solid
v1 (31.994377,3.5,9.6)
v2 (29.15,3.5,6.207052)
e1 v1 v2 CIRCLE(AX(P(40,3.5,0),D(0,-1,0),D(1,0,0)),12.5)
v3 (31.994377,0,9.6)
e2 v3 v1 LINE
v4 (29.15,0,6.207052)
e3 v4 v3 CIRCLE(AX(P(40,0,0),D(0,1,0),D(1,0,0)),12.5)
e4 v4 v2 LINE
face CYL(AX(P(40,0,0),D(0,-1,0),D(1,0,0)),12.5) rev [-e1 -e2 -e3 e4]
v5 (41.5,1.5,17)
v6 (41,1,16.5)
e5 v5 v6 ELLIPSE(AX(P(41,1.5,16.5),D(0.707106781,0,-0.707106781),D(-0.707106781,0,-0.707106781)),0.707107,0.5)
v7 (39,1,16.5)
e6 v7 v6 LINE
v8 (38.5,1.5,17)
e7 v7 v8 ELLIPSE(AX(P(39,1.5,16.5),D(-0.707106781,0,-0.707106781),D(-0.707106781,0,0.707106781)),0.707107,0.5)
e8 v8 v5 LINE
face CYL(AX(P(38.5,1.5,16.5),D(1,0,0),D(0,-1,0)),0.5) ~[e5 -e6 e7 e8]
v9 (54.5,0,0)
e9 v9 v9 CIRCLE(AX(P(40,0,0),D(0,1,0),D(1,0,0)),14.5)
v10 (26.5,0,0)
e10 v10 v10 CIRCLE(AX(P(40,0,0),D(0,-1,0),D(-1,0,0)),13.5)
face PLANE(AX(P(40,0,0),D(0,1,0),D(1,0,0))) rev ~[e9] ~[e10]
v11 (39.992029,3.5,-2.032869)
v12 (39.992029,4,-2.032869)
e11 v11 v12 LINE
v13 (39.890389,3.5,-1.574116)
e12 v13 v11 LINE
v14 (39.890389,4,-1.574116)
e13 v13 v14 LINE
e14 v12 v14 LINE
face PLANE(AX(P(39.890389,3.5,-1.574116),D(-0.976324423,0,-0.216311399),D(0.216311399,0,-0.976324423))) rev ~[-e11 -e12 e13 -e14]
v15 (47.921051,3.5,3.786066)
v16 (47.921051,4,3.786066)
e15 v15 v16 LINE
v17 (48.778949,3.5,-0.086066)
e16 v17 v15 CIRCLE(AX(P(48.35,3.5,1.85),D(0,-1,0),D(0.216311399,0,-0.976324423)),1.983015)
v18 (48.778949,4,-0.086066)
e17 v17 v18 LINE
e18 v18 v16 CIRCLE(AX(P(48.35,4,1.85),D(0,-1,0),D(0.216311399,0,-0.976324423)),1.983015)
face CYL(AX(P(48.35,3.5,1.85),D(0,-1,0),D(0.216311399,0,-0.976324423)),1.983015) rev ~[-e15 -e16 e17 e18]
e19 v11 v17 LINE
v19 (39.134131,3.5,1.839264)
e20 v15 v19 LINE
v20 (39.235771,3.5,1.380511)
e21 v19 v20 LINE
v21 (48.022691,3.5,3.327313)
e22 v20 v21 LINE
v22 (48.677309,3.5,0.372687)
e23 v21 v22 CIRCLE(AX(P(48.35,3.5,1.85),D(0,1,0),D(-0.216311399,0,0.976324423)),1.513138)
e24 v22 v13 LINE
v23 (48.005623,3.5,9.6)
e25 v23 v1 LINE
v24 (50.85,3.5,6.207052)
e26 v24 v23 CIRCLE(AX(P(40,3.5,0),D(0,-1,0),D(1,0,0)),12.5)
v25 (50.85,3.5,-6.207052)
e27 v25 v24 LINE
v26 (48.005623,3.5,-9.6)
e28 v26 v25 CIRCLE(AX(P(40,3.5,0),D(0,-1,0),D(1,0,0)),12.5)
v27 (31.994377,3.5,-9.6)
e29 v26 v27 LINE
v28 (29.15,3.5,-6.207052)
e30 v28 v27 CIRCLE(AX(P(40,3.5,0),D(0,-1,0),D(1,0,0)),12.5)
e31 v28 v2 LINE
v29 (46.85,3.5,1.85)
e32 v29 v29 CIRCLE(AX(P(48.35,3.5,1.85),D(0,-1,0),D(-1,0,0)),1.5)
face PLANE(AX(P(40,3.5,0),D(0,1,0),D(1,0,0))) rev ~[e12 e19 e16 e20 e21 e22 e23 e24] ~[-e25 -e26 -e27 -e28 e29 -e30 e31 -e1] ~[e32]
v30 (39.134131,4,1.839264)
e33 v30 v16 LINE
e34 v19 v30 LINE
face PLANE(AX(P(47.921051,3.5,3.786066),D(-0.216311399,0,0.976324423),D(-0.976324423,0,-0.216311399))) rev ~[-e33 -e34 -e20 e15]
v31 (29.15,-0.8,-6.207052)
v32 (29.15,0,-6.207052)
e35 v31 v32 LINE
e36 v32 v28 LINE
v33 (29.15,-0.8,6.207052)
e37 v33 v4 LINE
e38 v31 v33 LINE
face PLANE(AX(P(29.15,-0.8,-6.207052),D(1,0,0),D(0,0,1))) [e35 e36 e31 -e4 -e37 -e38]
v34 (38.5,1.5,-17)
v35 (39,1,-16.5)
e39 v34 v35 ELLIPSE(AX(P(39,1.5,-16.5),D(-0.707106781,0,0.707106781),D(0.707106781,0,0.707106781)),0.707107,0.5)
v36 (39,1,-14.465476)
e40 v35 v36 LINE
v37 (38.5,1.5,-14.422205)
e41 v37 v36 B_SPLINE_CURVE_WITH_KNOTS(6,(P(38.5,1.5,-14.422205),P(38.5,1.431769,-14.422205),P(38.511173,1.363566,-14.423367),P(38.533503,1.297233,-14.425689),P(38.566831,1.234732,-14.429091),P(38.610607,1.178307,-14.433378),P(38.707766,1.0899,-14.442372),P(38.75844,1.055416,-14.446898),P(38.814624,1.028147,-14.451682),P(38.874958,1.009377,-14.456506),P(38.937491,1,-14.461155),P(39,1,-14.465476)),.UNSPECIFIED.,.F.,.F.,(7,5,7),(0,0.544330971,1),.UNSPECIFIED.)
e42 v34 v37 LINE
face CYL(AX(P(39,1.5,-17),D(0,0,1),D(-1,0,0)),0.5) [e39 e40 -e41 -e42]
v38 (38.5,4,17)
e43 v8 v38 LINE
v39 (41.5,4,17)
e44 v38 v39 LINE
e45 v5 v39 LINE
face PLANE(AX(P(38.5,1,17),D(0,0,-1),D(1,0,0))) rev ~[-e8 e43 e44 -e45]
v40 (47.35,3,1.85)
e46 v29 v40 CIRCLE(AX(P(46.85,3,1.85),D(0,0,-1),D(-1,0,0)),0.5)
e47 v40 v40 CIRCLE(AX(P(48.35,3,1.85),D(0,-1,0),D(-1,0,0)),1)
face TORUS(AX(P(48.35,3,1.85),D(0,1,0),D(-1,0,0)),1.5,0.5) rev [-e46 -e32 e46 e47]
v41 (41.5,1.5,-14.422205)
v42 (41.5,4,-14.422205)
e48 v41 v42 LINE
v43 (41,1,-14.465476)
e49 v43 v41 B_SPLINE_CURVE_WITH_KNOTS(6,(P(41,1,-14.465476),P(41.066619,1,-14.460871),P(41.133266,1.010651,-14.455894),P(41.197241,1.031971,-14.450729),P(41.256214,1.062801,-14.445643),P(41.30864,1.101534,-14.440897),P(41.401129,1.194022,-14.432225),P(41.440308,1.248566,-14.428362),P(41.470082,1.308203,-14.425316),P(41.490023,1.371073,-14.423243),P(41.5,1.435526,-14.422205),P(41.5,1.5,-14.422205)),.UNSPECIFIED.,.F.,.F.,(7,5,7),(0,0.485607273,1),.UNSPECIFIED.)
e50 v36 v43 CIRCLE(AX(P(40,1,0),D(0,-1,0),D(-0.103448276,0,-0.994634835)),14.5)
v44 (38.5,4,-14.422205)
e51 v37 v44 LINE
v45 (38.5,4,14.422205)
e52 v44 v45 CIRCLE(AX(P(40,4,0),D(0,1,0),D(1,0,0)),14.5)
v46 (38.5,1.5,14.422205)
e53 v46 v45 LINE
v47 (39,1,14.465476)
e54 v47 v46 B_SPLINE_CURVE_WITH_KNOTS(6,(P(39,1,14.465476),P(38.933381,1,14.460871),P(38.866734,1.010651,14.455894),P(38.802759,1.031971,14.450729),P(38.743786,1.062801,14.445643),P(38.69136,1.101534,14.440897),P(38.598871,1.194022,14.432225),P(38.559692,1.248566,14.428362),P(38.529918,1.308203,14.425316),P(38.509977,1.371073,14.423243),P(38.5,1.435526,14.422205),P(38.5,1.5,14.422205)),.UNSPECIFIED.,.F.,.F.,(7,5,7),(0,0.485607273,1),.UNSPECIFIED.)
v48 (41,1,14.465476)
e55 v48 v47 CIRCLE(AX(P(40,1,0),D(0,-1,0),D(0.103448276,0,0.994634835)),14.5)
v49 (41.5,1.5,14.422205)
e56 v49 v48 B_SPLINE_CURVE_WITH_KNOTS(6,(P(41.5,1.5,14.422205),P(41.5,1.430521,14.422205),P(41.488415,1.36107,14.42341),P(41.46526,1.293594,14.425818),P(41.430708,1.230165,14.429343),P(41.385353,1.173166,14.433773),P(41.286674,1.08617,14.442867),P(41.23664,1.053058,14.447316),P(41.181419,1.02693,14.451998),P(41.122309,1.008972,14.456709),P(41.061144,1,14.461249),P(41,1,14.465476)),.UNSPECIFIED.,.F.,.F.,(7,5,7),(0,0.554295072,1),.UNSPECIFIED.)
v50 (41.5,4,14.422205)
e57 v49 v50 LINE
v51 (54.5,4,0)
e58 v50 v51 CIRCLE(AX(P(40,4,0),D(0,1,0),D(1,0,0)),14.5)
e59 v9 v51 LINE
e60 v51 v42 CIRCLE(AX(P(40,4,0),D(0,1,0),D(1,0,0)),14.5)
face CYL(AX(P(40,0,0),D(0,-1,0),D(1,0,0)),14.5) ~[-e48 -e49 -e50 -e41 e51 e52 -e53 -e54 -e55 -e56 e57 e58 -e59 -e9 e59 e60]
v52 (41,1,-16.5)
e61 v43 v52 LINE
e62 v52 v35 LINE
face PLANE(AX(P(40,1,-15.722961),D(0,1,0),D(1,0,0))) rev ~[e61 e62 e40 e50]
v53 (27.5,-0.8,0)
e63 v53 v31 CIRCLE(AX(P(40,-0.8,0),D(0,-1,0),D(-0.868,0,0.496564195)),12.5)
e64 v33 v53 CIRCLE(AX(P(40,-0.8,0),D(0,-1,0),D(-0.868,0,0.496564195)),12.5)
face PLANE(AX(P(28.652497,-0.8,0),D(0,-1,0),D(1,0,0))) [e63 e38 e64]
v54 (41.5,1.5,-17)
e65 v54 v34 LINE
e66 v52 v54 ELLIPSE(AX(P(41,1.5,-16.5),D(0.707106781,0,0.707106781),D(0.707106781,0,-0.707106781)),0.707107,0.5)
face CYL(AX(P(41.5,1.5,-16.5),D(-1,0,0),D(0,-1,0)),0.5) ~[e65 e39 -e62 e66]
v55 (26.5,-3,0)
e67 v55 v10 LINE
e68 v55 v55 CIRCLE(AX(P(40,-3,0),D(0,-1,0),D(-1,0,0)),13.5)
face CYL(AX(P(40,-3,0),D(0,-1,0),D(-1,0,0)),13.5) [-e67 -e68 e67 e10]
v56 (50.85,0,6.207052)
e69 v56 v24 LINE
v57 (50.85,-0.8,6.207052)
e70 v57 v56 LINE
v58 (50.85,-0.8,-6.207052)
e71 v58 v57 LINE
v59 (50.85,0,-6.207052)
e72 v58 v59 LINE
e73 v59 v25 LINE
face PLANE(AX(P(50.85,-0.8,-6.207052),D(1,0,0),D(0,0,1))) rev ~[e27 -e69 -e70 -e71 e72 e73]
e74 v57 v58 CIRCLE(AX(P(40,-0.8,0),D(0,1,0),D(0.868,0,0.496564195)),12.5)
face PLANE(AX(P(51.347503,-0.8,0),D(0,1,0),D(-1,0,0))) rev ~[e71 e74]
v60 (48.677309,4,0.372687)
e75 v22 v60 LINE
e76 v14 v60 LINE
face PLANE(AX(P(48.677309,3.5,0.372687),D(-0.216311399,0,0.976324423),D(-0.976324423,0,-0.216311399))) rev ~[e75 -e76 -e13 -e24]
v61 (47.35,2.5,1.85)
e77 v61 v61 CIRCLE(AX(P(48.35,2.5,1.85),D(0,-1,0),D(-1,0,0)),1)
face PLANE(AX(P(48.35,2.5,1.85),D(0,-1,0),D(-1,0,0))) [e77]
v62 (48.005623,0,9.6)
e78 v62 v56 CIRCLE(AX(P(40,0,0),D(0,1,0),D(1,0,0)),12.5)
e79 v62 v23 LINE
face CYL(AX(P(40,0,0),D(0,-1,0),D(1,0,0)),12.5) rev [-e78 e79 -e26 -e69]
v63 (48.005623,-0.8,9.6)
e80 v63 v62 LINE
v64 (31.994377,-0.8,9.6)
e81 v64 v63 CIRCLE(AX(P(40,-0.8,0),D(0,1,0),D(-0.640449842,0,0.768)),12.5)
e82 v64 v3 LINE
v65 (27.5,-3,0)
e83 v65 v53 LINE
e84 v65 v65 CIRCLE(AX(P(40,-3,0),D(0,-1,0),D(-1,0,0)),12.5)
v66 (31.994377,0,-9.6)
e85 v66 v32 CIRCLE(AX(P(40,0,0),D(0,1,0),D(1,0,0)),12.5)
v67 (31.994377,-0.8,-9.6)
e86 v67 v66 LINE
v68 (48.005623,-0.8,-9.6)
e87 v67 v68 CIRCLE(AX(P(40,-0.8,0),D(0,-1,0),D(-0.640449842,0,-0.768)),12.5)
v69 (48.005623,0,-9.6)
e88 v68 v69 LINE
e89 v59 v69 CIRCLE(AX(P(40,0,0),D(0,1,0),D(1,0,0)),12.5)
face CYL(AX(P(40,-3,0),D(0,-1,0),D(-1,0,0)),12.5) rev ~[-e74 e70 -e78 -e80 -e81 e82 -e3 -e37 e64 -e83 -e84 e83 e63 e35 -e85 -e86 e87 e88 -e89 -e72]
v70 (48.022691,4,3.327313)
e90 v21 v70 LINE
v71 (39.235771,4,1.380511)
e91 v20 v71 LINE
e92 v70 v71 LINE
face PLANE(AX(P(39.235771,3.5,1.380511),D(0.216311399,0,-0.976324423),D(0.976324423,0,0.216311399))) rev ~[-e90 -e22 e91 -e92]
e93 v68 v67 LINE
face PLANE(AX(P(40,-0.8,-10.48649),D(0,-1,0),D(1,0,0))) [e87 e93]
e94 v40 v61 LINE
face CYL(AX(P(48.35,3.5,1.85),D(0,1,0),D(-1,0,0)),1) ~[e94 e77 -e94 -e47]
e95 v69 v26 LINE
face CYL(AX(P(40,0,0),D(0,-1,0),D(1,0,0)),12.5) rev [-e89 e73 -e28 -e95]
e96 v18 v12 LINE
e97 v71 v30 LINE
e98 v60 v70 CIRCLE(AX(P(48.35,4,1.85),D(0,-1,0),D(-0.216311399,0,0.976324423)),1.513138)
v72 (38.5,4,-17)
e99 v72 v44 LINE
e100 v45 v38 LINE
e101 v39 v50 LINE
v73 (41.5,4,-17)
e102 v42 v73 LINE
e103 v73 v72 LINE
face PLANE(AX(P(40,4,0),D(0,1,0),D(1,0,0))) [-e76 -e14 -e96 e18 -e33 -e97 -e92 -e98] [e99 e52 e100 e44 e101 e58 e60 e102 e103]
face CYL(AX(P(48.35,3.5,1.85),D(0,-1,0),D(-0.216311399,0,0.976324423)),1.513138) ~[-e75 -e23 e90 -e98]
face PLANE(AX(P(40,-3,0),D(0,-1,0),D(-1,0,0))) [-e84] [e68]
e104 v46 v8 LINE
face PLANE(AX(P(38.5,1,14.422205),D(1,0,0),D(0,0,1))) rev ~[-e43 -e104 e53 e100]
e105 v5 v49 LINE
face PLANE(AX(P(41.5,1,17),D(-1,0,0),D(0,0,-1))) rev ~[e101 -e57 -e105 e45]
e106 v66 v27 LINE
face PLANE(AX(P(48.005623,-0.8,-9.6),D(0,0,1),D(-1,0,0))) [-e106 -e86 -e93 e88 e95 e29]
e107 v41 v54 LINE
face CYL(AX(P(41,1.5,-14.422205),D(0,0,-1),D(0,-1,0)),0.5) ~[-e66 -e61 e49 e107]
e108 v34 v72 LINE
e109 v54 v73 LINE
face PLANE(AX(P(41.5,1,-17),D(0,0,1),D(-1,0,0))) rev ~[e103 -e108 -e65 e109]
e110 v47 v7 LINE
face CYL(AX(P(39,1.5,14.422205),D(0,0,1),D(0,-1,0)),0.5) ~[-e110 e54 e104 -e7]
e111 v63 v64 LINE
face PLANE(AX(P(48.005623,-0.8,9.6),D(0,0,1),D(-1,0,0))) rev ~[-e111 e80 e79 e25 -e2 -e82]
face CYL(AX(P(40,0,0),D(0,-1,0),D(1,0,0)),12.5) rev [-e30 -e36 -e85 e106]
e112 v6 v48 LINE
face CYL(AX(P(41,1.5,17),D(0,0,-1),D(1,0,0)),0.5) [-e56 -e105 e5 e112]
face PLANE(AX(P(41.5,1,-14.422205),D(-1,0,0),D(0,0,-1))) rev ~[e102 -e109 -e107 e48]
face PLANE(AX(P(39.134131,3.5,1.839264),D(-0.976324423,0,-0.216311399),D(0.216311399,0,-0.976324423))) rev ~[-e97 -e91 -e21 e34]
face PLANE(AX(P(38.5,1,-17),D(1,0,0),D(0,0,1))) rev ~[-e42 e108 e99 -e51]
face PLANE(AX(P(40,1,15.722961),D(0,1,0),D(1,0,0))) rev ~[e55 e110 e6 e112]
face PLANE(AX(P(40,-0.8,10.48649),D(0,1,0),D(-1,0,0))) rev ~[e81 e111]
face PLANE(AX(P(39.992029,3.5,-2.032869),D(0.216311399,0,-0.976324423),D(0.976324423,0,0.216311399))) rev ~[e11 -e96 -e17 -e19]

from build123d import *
from build123d.topology import SkipClean

# Parameters (mm, degrees)
SKETCH7_R            = 14.5
SKETCH7_R_2          = 12.5
BOSS_EXTRUDE2_DEPTH  = 4
BOSS_EXTRUDE6_START  = 3.5
SKETCH7_3_R          = 14.5
BOSS_EXTRUDE6_DEPTH  = 0.5
BOSS_EXTRUDE10_START = 4.3
BOSS_EXTRUDE10_DEPTH = 4.3
BOSS_EXTRUDE9_START  = -3
BOSS_EXTRUDE9_DEPTH  = 3
FILLET6_R            = 0.5
CUT_EXTRUDE1_DEPTH   = 58.251550322
SKETCH16_R           = 1
BOSS_EXTRUDE11_DEPTH = 1
FILLET7_R            = 0.5
EXTRUDE_THIN2_START  = 3
SKETCH17_R           = 13.5
SKETCH17_R_2         = 12.5
EXTRUDE_THIN2_DEPTH  = 3


with BuildPart() as part:
    # Sketch7 → Boss-Extrude2 (new body)
    with BuildSketch(Plane(origin=(0, 0, 0), x_dir=(1, 0, 0), z_dir=(0, 1, 0))):
        with Locations((40, 0)):
            Circle(SKETCH7_R)
        with Locations((40, 0)):
            Circle(SKETCH7_R_2, mode=Mode.SUBTRACT)
    extrude(amount=BOSS_EXTRUDE2_DEPTH)

    # Sketch7<3> → Boss-Extrude6 (add)
    with BuildSketch(Plane(origin=(0, 0, 0), x_dir=(1, 0, 0), z_dir=(0, 1, 0)).offset(BOSS_EXTRUDE6_START)):
        with Locations((40, 0)):
            Circle(SKETCH7_3_R)
    extrude(amount=BOSS_EXTRUDE6_DEPTH)

    # Sketch14 → Boss-Extrude10 (add)
    with BuildSketch(Plane.XZ.offset(-3.5).offset(BOSS_EXTRUDE10_START)):
        with BuildLine():
            Line((48.005623024, -9.6), (31.994376976, -9.6))
            ThreePointArc((31.994376976, -9.6), (40, -12.5), (48.005623024, -9.6))
        make_face()
        with BuildLine():
            Line((50.85, -6.207052441), (50.85, 6.207052441))
            ThreePointArc((50.85, 6.207052441), (52.5, 0), (50.85, -6.207052441))
        make_face()
        with BuildLine():
            Line((48.005623024, 9.6), (31.994376976, 9.6))
            ThreePointArc((31.994376976, 9.6), (40, 12.5), (48.005623024, 9.6))
        make_face()
        with BuildLine():
            Line((29.15, -6.207052441), (29.15, 6.207052441))
            ThreePointArc((29.15, 6.207052441), (27.5, 0), (29.15, -6.207052441))
        make_face()
    extrude(amount=-BOSS_EXTRUDE10_DEPTH)

    # Sketch11 → Boss-Extrude9 (add)
    with BuildSketch(Plane(origin=(0, 4, 0), x_dir=(1, 0, 0), z_dir=(0, 1, 0)).offset(BOSS_EXTRUDE9_START)):
        with BuildLine():
            Line((41.5, 17), (38.5, 17))
            Line((38.5, 17), (38.5, 14.422205102))
            ThreePointArc((38.5, 14.422205102), (40, 14.5), (41.5, 14.422205102))
            Line((41.5, 14.422205102), (41.5, 17))
        make_face()
        with BuildLine():
            ThreePointArc((41.5, -14.422205102), (40, -14.5), (38.5, -14.422205102))
            Line((38.5, -14.422205102), (38.5, -17))
            Line((38.5, -17), (41.5, -17))
            Line((41.5, -17), (41.5, -14.422205102))
        make_face()
    extrude(amount=BOSS_EXTRUDE9_DEPTH)

    # Fillet6
    fillet6_edges = [part.edges().sort_by_distance(p)[0] for p in [
        (41.5, 1, 15.711102551),
        (38.5, 1, 15.711102551),
        (38.5, 1, -15.711102551),
        (41.5, 1, -15.711102551),
        (40, 1, -17),
        (40, 1, 17),
    ]]
    fillet(fillet6_edges, radius=FILLET6_R)

    # Sketch15 → Cut-Extrude1 (cut, through all)
    with BuildSketch(Plane(origin=(0, 3.5, 0), x_dir=(-1, 0, 0), z_dir=(0, -1, 0))):
        with BuildLine():
            Line((-39.992028986, 2.032868758), (-48.778948791, 0.086066167))
            ThreePointArc((-48.778948791, 0.086066167), (-50.286066167, -2.278948791), (-47.921051209, -3.786066167))
            Line((-47.921051209, -3.786066167), (-39.134131403, -1.839263575))
            Line((-39.134131403, -1.839263575), (-39.235771296, -1.380510545))
            Line((-39.235771296, -1.380510545), (-48.022691101, -3.327313137))
            ThreePointArc((-48.022691101, -3.327313137), (-49.827313137, -2.177308899), (-48.677308899, -0.372686863))
            Line((-48.677308899, -0.372686863), (-39.890389093, 1.574115728))
            Line((-39.890389093, 1.574115728), (-39.992028986, 2.032868758))
        make_face()
    extrude(amount=-CUT_EXTRUDE1_DEPTH, mode=Mode.SUBTRACT)

    # Sketch16 → Boss-Extrude11 (add)
    with BuildSketch(Plane(origin=(0, 3.5, 0), x_dir=(-1, 0, 0), z_dir=(0, -1, 0))):
        with Locations((-48.35, -1.85)):
            Circle(SKETCH16_R)
    extrude(amount=BOSS_EXTRUDE11_DEPTH)

    # Fillet7
    fillet7_edges = [part.edges().sort_by_distance(p)[0] for p in [
        (49.35, 3.5, 1.85),
    ]]
    fillet(fillet7_edges, radius=FILLET7_R)

    # Sketch17 → Extrude-Thin2 (add)
    with SkipClean():  # the faces are left unmerged after this step: merging them gives an invalid solid
        with BuildSketch(Plane(origin=(0, 0, 0), x_dir=(-1, 0, 0), z_dir=(0, -1, 0)).offset(EXTRUDE_THIN2_START)):
            with Locations((-40, 0)):
                Circle(SKETCH17_R)
            with Locations((-40, 0)):
                Circle(SKETCH17_R_2, mode=Mode.SUBTRACT)
        extrude(amount=-EXTRUDE_THIN2_DEPTH)
    add(part.part.scale(1), mode=Mode.REPLACE)  # the faces are merged on a copy


solid = part.part
